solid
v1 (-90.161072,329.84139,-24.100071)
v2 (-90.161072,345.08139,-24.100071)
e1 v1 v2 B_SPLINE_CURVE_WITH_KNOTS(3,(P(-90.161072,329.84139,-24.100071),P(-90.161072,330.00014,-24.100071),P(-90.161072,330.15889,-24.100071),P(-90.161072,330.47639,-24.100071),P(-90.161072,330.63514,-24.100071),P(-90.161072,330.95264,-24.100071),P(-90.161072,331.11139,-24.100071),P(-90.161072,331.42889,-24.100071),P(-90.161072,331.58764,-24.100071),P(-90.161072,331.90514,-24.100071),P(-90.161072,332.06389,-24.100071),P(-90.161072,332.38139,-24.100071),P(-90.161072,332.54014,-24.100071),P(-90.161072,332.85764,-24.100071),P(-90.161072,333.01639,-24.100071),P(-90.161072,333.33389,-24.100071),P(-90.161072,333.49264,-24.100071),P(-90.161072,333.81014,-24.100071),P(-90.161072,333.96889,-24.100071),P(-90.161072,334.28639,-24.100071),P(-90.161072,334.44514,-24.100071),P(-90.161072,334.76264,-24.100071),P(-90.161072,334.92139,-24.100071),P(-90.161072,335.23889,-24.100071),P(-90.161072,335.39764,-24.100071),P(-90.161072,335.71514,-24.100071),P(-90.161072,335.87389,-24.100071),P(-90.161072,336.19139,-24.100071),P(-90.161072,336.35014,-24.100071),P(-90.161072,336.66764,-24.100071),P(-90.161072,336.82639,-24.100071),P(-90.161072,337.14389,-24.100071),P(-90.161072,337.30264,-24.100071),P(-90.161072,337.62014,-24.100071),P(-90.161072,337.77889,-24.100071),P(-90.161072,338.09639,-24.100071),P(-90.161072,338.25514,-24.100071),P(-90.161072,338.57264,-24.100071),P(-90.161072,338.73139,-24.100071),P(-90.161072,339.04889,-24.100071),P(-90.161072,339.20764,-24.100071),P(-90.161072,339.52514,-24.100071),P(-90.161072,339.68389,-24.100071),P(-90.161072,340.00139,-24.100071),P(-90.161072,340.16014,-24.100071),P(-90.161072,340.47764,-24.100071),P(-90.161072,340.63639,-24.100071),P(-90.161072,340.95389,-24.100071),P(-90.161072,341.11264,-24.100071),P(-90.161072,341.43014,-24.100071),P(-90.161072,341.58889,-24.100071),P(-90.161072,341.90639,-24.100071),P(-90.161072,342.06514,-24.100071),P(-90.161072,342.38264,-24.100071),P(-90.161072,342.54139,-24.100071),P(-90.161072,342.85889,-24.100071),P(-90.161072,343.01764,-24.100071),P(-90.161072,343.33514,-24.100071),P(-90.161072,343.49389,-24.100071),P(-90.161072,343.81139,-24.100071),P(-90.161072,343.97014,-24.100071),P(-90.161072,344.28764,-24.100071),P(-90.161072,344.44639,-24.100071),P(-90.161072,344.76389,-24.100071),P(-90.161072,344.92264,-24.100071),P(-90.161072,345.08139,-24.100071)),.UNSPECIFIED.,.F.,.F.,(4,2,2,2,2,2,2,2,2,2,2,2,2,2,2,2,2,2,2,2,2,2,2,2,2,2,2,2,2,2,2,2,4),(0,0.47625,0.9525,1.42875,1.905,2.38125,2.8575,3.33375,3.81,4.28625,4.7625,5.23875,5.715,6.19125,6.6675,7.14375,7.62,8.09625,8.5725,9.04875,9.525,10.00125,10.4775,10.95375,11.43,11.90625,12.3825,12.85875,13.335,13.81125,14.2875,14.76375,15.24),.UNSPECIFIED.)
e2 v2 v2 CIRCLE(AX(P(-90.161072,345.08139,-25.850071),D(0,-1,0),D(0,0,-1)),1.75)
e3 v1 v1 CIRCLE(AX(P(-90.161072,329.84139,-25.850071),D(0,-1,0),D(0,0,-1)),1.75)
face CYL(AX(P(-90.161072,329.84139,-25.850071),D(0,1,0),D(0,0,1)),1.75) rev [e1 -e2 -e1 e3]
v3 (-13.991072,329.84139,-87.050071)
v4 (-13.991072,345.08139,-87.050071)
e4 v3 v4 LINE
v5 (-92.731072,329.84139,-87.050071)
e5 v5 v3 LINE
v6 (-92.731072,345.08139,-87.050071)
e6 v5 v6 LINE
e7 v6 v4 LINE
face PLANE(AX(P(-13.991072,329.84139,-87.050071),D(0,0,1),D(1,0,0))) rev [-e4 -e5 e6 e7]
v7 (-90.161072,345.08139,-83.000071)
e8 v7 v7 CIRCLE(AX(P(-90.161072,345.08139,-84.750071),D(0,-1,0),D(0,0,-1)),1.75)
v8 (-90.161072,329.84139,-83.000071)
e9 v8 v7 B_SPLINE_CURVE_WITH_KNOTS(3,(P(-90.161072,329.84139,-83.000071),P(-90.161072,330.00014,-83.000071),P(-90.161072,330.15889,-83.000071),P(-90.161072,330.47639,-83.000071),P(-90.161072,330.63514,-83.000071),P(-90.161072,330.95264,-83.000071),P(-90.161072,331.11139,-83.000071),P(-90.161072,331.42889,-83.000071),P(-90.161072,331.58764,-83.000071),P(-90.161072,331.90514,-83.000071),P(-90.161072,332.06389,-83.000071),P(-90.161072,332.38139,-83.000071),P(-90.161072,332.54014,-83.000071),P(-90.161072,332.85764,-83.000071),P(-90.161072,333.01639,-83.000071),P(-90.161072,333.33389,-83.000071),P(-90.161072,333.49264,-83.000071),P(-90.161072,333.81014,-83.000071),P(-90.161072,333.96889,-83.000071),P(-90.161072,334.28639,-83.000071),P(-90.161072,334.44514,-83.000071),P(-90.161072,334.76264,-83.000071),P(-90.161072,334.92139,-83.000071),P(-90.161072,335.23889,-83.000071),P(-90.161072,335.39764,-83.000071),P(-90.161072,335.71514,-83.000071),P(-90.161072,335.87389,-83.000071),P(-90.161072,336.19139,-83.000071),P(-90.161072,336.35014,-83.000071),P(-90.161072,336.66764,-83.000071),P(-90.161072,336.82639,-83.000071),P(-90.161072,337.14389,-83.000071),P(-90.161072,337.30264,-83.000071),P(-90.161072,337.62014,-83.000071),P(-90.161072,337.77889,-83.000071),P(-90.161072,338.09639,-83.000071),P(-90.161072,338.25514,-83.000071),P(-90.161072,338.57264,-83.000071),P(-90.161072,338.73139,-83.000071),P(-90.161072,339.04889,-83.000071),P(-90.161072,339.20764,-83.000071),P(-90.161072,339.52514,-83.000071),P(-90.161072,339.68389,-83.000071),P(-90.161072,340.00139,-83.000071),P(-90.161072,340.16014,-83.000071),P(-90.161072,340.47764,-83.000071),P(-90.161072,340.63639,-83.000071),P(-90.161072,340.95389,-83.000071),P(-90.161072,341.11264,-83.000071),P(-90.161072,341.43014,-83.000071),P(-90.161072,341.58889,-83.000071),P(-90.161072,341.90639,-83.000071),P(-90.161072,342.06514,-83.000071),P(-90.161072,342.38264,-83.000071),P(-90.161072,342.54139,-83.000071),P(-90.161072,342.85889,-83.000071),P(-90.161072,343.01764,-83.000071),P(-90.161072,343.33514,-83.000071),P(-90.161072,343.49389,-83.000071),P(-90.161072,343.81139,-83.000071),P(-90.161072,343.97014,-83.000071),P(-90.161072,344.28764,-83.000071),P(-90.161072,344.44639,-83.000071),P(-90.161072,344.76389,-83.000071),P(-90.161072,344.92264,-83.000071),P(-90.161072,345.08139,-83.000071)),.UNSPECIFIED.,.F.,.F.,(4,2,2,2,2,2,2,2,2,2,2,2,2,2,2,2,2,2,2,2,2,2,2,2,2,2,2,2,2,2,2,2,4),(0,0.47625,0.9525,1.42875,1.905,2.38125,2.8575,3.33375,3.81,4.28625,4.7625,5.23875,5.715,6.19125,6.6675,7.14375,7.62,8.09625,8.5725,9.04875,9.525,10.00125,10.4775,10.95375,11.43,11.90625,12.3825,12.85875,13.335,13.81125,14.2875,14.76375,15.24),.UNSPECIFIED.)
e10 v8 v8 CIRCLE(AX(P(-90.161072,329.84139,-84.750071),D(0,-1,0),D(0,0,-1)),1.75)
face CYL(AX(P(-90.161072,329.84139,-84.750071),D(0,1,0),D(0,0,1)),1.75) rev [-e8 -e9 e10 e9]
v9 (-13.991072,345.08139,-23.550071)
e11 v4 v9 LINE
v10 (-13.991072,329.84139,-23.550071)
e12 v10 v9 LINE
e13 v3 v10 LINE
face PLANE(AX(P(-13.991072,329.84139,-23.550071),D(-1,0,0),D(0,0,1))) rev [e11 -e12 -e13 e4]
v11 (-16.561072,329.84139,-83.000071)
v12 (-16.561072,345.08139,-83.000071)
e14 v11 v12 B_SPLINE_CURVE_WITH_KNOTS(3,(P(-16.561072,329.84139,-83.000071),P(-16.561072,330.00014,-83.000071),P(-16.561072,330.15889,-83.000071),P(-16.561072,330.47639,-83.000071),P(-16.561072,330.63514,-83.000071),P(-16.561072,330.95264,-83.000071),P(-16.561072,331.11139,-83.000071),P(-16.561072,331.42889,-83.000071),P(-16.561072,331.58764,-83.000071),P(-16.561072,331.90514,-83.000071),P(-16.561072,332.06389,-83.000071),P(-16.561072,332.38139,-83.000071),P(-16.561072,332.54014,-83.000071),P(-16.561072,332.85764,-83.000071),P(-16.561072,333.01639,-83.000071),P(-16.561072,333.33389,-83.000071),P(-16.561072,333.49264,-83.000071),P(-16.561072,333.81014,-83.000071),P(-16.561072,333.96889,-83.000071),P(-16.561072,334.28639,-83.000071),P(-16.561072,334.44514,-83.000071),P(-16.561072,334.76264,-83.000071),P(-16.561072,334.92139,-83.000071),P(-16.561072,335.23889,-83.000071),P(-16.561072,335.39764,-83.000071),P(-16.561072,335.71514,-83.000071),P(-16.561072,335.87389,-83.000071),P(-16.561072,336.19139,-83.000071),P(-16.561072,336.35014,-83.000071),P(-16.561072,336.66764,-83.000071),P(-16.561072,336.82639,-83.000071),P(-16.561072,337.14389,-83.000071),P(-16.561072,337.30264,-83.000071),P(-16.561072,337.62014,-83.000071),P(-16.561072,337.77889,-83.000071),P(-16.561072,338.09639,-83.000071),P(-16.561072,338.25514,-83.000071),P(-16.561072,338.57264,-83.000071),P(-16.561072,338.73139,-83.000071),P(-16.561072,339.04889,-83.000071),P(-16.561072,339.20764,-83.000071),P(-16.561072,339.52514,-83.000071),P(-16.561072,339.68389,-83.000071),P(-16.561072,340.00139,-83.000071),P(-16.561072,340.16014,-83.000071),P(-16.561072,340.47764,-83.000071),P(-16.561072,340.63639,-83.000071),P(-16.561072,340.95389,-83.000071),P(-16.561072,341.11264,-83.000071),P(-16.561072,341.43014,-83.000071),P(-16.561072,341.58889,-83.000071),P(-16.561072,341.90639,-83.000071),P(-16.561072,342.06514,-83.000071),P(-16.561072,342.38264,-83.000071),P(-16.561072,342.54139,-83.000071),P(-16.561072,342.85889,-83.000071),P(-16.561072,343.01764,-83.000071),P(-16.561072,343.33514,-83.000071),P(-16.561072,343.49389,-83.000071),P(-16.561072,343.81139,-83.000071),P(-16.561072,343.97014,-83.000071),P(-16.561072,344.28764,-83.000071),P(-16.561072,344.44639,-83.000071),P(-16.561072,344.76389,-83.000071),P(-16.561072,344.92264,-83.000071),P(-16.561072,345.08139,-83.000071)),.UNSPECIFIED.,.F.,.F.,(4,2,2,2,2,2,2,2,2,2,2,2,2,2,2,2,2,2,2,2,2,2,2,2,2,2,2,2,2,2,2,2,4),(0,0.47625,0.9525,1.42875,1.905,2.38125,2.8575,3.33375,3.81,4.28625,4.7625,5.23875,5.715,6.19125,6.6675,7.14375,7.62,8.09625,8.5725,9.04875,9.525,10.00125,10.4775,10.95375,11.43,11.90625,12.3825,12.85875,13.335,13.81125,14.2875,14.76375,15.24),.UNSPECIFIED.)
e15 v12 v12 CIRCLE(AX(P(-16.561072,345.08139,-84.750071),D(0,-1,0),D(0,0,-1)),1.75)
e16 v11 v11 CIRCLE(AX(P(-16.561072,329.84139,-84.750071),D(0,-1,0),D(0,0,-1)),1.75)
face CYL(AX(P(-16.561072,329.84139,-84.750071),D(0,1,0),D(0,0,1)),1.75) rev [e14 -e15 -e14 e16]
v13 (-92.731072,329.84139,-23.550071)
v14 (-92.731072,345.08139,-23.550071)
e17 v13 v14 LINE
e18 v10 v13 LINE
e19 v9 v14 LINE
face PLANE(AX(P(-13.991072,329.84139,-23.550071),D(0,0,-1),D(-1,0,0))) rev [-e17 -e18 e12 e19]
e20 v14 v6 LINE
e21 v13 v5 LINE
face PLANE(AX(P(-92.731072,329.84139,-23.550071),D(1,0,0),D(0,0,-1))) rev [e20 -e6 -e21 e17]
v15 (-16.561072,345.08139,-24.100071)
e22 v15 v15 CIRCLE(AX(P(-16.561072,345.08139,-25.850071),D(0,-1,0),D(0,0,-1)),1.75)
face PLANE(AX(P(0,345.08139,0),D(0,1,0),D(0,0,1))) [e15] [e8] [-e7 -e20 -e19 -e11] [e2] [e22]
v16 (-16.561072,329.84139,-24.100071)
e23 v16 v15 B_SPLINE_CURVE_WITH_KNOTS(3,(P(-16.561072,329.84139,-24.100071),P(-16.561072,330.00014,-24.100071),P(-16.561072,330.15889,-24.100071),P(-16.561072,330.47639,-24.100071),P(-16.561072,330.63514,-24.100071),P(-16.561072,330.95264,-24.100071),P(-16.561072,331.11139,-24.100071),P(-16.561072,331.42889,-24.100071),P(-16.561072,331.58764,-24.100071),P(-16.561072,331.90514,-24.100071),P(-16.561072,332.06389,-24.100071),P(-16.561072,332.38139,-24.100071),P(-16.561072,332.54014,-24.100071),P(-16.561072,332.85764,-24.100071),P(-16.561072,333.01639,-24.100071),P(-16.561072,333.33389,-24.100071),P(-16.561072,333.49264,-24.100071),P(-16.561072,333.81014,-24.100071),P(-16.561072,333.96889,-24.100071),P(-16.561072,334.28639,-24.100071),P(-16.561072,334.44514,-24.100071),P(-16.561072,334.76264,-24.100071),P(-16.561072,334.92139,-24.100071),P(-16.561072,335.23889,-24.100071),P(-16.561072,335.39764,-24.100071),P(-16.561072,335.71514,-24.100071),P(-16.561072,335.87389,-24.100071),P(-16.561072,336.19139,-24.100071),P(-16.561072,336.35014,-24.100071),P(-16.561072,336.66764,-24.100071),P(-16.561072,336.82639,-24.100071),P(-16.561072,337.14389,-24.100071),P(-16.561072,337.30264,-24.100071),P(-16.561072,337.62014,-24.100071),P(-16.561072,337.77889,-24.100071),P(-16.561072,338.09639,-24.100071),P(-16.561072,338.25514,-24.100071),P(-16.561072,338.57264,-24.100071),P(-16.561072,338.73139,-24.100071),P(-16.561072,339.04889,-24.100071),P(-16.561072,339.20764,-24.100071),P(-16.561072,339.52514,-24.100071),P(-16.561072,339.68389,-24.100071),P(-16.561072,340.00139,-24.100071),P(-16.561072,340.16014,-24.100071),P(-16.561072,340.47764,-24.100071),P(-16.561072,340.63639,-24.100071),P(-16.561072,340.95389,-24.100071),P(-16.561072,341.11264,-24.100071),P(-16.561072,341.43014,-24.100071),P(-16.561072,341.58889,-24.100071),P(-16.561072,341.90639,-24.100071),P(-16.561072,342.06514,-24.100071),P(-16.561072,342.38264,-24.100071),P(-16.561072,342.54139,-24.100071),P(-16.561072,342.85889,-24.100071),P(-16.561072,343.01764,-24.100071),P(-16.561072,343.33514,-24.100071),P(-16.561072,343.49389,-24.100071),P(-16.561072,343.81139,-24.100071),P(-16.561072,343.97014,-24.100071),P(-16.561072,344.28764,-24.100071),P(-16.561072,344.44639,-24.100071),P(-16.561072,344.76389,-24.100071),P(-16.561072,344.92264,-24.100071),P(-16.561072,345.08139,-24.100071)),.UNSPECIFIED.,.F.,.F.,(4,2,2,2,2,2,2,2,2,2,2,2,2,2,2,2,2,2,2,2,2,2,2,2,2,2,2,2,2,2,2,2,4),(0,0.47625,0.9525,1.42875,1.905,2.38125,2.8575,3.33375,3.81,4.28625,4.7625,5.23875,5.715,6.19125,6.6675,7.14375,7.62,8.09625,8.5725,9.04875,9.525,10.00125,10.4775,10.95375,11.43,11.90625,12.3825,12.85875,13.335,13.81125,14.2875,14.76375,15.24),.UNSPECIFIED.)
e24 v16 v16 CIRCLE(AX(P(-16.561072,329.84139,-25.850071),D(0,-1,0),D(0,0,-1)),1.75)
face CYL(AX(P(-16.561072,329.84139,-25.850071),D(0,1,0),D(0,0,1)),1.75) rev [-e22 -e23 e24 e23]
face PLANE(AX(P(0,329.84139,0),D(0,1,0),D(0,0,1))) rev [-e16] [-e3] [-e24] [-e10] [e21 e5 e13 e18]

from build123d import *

# Parameters (mm, degrees)
CROQUIS1_W              = 78.74
CROQUIS1_H              = 63.5
CROQUIS1_R              = 1.75
SALIENTE_EXTRUIR1_DEPTH = 15.24


with BuildPart() as part:
    # Croquis1 → Saliente-Extruir1 (new body)
    with BuildSketch(Plane(origin=(0, 345.081390192, 0), x_dir=(-1, 0, 0), z_dir=(0, -1, 0))):
        with Locations((53.361072318, 55.300070508)):
            Rectangle(CROQUIS1_W, CROQUIS1_H)
        with Locations(Location((90.161072318, 84.750070508, 0), (0, 0, 270))):
            Circle(CROQUIS1_R, mode=Mode.SUBTRACT)
        with Locations(Location((16.561072318, 25.850070508, 0), (0, 0, 270))):
            Circle(CROQUIS1_R, mode=Mode.SUBTRACT)
        with Locations(Location((90.161072318, 25.850070508, 0), (0, 0, 270))):
            Circle(CROQUIS1_R, mode=Mode.SUBTRACT)
        with Locations(Location((16.561072318, 84.750070508, 0), (0, 0, 270))):
            Circle(CROQUIS1_R, mode=Mode.SUBTRACT)
    extrude(amount=SALIENTE_EXTRUIR1_DEPTH)


solid = part.part
